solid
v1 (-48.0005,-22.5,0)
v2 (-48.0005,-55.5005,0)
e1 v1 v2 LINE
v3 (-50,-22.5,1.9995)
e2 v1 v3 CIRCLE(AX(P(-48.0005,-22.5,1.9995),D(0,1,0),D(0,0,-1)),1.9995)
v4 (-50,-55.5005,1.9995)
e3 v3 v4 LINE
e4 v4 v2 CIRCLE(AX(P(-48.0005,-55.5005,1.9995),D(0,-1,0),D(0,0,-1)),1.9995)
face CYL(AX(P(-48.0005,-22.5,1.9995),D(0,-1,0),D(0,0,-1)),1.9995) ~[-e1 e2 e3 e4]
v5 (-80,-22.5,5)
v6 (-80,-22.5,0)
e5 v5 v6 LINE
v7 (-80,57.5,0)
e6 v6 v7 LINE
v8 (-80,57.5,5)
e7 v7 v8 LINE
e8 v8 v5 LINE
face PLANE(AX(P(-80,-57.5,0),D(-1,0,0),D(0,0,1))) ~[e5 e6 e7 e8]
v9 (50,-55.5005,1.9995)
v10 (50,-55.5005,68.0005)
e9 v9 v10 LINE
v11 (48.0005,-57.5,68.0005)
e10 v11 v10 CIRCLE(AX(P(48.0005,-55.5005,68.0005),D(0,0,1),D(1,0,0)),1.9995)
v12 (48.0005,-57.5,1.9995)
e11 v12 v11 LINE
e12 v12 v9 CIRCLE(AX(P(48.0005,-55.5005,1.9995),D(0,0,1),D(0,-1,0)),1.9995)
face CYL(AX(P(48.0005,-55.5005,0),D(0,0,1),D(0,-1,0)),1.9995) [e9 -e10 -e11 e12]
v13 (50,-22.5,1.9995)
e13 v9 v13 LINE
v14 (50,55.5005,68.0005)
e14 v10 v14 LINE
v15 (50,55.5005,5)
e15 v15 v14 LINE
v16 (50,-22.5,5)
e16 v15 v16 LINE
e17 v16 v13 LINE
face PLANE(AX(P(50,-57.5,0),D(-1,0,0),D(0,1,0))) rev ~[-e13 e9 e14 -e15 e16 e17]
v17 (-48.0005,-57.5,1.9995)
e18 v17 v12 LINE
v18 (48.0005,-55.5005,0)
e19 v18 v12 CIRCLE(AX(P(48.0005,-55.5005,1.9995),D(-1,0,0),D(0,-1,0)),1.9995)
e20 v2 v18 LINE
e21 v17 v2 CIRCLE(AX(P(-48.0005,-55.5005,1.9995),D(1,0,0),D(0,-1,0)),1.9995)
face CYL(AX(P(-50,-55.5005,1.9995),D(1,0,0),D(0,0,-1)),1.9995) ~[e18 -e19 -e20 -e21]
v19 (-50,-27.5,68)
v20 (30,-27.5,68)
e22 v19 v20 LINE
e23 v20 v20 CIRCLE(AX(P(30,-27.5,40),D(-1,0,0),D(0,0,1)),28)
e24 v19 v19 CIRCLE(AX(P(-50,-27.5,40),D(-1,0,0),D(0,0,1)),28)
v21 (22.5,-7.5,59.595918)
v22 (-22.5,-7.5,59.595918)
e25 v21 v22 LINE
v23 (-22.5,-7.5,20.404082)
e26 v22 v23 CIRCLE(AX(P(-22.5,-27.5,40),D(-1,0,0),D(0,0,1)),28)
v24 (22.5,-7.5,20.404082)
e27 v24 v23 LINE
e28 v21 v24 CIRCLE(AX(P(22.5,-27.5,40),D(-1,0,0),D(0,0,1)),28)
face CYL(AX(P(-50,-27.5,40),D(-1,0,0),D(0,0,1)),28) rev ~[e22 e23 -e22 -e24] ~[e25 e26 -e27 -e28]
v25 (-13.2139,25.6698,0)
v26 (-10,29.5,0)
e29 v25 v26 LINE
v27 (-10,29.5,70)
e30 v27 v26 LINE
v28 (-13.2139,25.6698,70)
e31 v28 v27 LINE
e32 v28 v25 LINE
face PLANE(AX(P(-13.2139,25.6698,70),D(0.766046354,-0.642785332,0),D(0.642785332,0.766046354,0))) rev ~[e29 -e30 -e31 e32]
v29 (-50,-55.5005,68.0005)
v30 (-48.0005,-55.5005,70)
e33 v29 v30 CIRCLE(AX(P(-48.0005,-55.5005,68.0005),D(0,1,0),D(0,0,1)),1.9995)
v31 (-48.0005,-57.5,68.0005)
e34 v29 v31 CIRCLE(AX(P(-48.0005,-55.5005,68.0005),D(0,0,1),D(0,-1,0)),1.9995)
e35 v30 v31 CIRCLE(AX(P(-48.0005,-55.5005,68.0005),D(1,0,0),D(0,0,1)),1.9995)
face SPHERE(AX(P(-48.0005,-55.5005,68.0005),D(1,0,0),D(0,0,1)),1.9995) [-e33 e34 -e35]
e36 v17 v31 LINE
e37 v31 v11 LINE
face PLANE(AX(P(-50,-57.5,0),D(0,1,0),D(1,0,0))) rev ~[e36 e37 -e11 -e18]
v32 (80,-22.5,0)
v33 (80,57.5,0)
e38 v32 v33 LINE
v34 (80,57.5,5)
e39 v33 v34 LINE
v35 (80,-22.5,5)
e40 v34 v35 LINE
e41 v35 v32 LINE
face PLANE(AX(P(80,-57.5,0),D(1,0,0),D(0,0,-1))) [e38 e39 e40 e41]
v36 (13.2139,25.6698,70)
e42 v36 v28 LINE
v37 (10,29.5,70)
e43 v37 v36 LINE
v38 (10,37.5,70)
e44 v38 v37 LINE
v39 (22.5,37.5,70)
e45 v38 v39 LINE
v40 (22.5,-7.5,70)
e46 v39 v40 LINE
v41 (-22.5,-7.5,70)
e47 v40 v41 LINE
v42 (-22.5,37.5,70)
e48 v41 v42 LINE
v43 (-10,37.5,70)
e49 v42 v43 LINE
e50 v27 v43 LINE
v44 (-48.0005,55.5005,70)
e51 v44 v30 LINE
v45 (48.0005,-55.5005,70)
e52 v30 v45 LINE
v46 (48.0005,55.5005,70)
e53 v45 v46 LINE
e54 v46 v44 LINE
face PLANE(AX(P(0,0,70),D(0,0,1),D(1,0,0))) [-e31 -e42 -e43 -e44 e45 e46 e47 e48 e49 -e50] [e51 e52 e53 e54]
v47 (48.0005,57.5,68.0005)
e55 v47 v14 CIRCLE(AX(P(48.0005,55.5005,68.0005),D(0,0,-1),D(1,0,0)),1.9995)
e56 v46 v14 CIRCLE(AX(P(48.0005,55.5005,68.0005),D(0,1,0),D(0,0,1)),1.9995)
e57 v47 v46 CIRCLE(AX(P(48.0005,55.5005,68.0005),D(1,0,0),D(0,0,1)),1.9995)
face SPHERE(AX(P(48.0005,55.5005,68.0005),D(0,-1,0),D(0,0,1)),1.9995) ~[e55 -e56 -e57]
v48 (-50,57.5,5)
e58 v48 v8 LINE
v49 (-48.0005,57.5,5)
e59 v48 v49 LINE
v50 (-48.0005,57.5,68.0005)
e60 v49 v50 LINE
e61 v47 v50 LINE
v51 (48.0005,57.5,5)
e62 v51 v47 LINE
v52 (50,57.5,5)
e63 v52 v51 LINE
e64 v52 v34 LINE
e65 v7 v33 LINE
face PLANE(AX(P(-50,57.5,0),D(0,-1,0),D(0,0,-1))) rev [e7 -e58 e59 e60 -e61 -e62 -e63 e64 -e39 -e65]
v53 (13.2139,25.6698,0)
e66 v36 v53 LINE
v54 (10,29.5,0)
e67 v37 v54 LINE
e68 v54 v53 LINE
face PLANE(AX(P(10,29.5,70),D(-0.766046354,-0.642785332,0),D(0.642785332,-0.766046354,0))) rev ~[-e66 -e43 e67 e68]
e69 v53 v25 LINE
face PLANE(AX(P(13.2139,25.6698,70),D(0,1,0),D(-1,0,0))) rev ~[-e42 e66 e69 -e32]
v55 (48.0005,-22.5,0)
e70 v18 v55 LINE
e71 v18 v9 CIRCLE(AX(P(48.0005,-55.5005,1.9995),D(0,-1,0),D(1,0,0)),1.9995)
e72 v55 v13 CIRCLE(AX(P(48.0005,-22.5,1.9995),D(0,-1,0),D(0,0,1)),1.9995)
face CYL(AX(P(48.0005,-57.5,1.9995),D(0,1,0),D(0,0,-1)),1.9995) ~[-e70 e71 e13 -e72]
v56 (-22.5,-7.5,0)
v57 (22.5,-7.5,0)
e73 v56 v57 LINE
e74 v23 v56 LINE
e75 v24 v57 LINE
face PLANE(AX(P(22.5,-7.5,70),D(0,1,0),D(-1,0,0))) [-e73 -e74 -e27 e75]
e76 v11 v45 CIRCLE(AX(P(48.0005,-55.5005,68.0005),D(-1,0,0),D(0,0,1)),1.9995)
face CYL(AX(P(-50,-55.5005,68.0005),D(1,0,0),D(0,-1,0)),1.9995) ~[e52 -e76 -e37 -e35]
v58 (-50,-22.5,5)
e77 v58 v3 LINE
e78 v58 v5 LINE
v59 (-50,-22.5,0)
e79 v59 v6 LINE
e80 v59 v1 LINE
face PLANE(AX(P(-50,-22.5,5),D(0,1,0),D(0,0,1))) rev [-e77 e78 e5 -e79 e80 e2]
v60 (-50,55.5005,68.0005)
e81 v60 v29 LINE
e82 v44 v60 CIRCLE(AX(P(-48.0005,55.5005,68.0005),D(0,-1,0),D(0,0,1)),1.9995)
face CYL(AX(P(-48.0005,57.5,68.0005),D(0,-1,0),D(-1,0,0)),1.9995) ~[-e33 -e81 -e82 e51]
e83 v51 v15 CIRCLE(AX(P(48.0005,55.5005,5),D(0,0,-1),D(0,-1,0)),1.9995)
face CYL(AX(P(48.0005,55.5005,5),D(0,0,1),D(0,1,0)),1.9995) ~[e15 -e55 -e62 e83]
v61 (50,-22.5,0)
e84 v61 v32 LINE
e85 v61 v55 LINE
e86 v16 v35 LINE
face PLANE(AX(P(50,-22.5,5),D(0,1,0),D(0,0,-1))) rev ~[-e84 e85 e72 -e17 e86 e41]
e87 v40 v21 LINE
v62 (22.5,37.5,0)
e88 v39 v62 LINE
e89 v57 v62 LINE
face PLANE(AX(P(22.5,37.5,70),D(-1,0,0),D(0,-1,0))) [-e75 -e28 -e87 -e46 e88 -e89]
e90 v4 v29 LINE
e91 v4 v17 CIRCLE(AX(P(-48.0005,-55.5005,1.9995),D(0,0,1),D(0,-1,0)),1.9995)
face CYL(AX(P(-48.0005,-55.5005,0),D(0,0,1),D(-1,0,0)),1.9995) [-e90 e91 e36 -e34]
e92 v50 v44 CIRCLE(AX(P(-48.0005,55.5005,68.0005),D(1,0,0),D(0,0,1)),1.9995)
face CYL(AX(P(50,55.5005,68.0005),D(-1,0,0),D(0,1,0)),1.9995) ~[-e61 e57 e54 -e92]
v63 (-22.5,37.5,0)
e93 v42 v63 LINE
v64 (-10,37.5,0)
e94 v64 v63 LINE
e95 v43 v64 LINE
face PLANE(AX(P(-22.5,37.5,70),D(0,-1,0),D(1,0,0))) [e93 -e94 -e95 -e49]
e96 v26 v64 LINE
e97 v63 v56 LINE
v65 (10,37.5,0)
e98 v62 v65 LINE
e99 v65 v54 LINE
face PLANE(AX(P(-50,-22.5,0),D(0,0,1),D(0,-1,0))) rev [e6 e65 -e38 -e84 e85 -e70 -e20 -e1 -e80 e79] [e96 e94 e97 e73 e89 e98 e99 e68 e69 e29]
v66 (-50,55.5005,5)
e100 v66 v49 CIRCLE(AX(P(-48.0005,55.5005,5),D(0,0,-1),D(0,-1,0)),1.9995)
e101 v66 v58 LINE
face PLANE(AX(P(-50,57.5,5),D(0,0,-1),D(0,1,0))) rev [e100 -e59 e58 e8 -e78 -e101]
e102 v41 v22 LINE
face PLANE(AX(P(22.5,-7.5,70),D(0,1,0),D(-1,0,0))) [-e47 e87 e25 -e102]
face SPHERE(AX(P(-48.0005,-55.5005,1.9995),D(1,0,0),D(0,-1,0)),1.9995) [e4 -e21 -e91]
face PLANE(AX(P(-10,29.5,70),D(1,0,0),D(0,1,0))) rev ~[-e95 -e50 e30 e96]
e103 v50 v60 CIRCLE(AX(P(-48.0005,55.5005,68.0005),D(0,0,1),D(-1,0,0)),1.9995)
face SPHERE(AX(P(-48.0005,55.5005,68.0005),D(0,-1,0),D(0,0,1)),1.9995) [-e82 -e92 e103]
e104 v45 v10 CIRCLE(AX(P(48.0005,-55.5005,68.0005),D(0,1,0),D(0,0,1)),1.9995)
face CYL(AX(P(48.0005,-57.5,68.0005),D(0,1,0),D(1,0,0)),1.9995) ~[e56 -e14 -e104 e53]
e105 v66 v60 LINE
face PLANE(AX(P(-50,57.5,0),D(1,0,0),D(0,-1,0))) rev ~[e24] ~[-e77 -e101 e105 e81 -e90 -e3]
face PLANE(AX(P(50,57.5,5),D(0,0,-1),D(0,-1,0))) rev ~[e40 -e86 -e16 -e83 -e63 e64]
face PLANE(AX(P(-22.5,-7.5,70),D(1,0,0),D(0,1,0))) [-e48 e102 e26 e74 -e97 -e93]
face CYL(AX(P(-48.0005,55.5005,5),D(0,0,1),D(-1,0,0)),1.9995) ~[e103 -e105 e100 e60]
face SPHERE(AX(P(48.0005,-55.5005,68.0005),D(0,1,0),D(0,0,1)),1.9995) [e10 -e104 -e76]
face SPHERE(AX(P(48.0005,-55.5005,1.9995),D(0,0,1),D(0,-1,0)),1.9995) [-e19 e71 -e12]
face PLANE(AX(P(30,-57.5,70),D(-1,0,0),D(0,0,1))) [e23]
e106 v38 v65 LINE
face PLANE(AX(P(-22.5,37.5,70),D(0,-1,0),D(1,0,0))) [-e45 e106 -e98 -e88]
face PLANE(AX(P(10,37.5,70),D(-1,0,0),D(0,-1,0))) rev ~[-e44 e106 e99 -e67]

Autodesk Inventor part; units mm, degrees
ref_plane "YZ Plane" through (0, 0, 0) normal (1, 0, 0) x (0, 1, 0)
ref_plane "XZ Plane" through (0, 0, 0) normal (0, 1, 0) x (-1, 0, 0)
ref_plane "XY Plane" through (0, 0, 0) normal (0, 0, 1) x (1, 0, 0)
sketch "Sketch1" plane through (0, 0, 0) normal (0, 0, 1) x (1, 0, 0)
  line L0 (-50, -57.5) -> (50, -57.5)
  line L1 (50, -57.5) -> (50, 57.5)
  line L2 (50, 57.5) -> (-50, 57.5)
  line L3 (-50, 57.5) -> (-50, -57.5)
  line L4 (-50, -57.5) -> (50, 57.5) construction
  line L5 (50, -57.5) -> (-50, 57.5) construction
  point P0 (0, 0)
  dimension "d0" = 100
  dimension "d1" = 115
extrude "Extrusion1" add sketch "Sketch1" along normal blind 70
sketch "Sketch2" plane through (50, -57.5, 0) normal (1, 0, 0) x (0, 0, -1)
  line L0 (0, 0) -> (0, 115) projected
  line L1 (0, 115) -> (-5, 115)
  line L2 (-5, 115) -> (-5, 35)
  line L3 (-5, 35) -> (0, 35)
  line L4 (0, 35) -> (0, 115)
  point P0 (0, 57.5)
  point P1 (0, 35)
  dimension "d4" = 5
  dimension "d5" = 80
extrude "Extrusion2" add sketch "Sketch2" along normal blind 30
mirror "Mirror1" about plane through (0, 0, 0) normal (1, 0, 0) of "Extrusion2"
sketch "Sketch3" plane through (0, 0, 70) normal (0, 0, 1) x (1, 0, 0)
  line L0 (-22.5, 37.5) -> (22.5, 37.5)
  line L1 (22.5, 37.5) -> (22.5, -7.5)
  line L2 (22.5, -7.5) -> (-22.5, -7.5)
  line L3 (-22.5, -7.5) -> (-22.5, 37.5)
  line L4 (0, 50) -> (0, -57.5) construction
  line L5 (-50, -57.5) -> (50, -57.5) construction
  line L6 (50, 57.5) -> (-50, 57.5) projected
  point P0 (0, 0)
  point P1 (22.5, 15)
  dimension "d8" = 45
  dimension "d9" = 45
  dimension "d10" = 20
extrude "Extrusion3" cut sketch "Sketch3" against normal through all
sketch "Sketch4" plane through (-50, -57.5, 70) normal (-1, 0, 0) x (0, 0, 1)
  circle A0 centre (-30, 30) radius 28
  line L0 (0, 115) -> (0, 0) projected
  line L1 (-70, 0) -> (0, 0) projected
  point P0 (-70, 57.5)
  dimension "d13" = 56
  dimension "d14" = 30
  dimension "d15" = 30
extrude "Extrusion4" cut sketch "Sketch4" against normal blind 80
sketch "Sketch5" plane through (0, 0, 70) normal (0, 0, 1) x (1, 0, 0)
  line L0 (-20, -2.5) -> (20, -2.5) projected
  line L1 (20, -2.5) -> (20, 37.5) projected
  line L2 (20, 37.5) -> (10, 37.5) projected
  line L3 (10, 37.5) -> (10, 29.5) projected
  line L4 (10, 29.5) -> (13.2139, 25.6698) projected
  line L5 (13.2139, 25.6698) -> (-13.2139, 25.6698) projected
  line L6 (-13.2139, 25.6698) -> (-10, 29.5) projected
  line L7 (-10, 29.5) -> (-10, 37.5) projected
  line L8 (-10, 37.5) -> (-20, 37.5) projected
  line L9 (-20, 37.5) -> (-20, -2.5) projected
  line L10 (10, 37.5) -> (-10, 37.5)
  line L11 (-22.5, 37.5) -> (22.5, 37.5) projected
  point P0 (0, 0)
extrude "Extrusion5" add sketch "Sketch5" against normal up to surface (70 mm away) contours L10 L3 L4 L5 L6 L7
fillet "Fillet1" radius 2 11 edges at (50, 0, 70) (0, -57.5, 70) (-50, 0, 70) (0, 57.5, 70) (50, -57.5, 35) (0, -57.5, 0) (50, -40, 0) (-50, -57.5, 35) (50, 57.5, 37.5) (-50, 57.5, 37.5) (-50, -40, 0)
properties part number "Motor_case" material "Iron, Ductile"
